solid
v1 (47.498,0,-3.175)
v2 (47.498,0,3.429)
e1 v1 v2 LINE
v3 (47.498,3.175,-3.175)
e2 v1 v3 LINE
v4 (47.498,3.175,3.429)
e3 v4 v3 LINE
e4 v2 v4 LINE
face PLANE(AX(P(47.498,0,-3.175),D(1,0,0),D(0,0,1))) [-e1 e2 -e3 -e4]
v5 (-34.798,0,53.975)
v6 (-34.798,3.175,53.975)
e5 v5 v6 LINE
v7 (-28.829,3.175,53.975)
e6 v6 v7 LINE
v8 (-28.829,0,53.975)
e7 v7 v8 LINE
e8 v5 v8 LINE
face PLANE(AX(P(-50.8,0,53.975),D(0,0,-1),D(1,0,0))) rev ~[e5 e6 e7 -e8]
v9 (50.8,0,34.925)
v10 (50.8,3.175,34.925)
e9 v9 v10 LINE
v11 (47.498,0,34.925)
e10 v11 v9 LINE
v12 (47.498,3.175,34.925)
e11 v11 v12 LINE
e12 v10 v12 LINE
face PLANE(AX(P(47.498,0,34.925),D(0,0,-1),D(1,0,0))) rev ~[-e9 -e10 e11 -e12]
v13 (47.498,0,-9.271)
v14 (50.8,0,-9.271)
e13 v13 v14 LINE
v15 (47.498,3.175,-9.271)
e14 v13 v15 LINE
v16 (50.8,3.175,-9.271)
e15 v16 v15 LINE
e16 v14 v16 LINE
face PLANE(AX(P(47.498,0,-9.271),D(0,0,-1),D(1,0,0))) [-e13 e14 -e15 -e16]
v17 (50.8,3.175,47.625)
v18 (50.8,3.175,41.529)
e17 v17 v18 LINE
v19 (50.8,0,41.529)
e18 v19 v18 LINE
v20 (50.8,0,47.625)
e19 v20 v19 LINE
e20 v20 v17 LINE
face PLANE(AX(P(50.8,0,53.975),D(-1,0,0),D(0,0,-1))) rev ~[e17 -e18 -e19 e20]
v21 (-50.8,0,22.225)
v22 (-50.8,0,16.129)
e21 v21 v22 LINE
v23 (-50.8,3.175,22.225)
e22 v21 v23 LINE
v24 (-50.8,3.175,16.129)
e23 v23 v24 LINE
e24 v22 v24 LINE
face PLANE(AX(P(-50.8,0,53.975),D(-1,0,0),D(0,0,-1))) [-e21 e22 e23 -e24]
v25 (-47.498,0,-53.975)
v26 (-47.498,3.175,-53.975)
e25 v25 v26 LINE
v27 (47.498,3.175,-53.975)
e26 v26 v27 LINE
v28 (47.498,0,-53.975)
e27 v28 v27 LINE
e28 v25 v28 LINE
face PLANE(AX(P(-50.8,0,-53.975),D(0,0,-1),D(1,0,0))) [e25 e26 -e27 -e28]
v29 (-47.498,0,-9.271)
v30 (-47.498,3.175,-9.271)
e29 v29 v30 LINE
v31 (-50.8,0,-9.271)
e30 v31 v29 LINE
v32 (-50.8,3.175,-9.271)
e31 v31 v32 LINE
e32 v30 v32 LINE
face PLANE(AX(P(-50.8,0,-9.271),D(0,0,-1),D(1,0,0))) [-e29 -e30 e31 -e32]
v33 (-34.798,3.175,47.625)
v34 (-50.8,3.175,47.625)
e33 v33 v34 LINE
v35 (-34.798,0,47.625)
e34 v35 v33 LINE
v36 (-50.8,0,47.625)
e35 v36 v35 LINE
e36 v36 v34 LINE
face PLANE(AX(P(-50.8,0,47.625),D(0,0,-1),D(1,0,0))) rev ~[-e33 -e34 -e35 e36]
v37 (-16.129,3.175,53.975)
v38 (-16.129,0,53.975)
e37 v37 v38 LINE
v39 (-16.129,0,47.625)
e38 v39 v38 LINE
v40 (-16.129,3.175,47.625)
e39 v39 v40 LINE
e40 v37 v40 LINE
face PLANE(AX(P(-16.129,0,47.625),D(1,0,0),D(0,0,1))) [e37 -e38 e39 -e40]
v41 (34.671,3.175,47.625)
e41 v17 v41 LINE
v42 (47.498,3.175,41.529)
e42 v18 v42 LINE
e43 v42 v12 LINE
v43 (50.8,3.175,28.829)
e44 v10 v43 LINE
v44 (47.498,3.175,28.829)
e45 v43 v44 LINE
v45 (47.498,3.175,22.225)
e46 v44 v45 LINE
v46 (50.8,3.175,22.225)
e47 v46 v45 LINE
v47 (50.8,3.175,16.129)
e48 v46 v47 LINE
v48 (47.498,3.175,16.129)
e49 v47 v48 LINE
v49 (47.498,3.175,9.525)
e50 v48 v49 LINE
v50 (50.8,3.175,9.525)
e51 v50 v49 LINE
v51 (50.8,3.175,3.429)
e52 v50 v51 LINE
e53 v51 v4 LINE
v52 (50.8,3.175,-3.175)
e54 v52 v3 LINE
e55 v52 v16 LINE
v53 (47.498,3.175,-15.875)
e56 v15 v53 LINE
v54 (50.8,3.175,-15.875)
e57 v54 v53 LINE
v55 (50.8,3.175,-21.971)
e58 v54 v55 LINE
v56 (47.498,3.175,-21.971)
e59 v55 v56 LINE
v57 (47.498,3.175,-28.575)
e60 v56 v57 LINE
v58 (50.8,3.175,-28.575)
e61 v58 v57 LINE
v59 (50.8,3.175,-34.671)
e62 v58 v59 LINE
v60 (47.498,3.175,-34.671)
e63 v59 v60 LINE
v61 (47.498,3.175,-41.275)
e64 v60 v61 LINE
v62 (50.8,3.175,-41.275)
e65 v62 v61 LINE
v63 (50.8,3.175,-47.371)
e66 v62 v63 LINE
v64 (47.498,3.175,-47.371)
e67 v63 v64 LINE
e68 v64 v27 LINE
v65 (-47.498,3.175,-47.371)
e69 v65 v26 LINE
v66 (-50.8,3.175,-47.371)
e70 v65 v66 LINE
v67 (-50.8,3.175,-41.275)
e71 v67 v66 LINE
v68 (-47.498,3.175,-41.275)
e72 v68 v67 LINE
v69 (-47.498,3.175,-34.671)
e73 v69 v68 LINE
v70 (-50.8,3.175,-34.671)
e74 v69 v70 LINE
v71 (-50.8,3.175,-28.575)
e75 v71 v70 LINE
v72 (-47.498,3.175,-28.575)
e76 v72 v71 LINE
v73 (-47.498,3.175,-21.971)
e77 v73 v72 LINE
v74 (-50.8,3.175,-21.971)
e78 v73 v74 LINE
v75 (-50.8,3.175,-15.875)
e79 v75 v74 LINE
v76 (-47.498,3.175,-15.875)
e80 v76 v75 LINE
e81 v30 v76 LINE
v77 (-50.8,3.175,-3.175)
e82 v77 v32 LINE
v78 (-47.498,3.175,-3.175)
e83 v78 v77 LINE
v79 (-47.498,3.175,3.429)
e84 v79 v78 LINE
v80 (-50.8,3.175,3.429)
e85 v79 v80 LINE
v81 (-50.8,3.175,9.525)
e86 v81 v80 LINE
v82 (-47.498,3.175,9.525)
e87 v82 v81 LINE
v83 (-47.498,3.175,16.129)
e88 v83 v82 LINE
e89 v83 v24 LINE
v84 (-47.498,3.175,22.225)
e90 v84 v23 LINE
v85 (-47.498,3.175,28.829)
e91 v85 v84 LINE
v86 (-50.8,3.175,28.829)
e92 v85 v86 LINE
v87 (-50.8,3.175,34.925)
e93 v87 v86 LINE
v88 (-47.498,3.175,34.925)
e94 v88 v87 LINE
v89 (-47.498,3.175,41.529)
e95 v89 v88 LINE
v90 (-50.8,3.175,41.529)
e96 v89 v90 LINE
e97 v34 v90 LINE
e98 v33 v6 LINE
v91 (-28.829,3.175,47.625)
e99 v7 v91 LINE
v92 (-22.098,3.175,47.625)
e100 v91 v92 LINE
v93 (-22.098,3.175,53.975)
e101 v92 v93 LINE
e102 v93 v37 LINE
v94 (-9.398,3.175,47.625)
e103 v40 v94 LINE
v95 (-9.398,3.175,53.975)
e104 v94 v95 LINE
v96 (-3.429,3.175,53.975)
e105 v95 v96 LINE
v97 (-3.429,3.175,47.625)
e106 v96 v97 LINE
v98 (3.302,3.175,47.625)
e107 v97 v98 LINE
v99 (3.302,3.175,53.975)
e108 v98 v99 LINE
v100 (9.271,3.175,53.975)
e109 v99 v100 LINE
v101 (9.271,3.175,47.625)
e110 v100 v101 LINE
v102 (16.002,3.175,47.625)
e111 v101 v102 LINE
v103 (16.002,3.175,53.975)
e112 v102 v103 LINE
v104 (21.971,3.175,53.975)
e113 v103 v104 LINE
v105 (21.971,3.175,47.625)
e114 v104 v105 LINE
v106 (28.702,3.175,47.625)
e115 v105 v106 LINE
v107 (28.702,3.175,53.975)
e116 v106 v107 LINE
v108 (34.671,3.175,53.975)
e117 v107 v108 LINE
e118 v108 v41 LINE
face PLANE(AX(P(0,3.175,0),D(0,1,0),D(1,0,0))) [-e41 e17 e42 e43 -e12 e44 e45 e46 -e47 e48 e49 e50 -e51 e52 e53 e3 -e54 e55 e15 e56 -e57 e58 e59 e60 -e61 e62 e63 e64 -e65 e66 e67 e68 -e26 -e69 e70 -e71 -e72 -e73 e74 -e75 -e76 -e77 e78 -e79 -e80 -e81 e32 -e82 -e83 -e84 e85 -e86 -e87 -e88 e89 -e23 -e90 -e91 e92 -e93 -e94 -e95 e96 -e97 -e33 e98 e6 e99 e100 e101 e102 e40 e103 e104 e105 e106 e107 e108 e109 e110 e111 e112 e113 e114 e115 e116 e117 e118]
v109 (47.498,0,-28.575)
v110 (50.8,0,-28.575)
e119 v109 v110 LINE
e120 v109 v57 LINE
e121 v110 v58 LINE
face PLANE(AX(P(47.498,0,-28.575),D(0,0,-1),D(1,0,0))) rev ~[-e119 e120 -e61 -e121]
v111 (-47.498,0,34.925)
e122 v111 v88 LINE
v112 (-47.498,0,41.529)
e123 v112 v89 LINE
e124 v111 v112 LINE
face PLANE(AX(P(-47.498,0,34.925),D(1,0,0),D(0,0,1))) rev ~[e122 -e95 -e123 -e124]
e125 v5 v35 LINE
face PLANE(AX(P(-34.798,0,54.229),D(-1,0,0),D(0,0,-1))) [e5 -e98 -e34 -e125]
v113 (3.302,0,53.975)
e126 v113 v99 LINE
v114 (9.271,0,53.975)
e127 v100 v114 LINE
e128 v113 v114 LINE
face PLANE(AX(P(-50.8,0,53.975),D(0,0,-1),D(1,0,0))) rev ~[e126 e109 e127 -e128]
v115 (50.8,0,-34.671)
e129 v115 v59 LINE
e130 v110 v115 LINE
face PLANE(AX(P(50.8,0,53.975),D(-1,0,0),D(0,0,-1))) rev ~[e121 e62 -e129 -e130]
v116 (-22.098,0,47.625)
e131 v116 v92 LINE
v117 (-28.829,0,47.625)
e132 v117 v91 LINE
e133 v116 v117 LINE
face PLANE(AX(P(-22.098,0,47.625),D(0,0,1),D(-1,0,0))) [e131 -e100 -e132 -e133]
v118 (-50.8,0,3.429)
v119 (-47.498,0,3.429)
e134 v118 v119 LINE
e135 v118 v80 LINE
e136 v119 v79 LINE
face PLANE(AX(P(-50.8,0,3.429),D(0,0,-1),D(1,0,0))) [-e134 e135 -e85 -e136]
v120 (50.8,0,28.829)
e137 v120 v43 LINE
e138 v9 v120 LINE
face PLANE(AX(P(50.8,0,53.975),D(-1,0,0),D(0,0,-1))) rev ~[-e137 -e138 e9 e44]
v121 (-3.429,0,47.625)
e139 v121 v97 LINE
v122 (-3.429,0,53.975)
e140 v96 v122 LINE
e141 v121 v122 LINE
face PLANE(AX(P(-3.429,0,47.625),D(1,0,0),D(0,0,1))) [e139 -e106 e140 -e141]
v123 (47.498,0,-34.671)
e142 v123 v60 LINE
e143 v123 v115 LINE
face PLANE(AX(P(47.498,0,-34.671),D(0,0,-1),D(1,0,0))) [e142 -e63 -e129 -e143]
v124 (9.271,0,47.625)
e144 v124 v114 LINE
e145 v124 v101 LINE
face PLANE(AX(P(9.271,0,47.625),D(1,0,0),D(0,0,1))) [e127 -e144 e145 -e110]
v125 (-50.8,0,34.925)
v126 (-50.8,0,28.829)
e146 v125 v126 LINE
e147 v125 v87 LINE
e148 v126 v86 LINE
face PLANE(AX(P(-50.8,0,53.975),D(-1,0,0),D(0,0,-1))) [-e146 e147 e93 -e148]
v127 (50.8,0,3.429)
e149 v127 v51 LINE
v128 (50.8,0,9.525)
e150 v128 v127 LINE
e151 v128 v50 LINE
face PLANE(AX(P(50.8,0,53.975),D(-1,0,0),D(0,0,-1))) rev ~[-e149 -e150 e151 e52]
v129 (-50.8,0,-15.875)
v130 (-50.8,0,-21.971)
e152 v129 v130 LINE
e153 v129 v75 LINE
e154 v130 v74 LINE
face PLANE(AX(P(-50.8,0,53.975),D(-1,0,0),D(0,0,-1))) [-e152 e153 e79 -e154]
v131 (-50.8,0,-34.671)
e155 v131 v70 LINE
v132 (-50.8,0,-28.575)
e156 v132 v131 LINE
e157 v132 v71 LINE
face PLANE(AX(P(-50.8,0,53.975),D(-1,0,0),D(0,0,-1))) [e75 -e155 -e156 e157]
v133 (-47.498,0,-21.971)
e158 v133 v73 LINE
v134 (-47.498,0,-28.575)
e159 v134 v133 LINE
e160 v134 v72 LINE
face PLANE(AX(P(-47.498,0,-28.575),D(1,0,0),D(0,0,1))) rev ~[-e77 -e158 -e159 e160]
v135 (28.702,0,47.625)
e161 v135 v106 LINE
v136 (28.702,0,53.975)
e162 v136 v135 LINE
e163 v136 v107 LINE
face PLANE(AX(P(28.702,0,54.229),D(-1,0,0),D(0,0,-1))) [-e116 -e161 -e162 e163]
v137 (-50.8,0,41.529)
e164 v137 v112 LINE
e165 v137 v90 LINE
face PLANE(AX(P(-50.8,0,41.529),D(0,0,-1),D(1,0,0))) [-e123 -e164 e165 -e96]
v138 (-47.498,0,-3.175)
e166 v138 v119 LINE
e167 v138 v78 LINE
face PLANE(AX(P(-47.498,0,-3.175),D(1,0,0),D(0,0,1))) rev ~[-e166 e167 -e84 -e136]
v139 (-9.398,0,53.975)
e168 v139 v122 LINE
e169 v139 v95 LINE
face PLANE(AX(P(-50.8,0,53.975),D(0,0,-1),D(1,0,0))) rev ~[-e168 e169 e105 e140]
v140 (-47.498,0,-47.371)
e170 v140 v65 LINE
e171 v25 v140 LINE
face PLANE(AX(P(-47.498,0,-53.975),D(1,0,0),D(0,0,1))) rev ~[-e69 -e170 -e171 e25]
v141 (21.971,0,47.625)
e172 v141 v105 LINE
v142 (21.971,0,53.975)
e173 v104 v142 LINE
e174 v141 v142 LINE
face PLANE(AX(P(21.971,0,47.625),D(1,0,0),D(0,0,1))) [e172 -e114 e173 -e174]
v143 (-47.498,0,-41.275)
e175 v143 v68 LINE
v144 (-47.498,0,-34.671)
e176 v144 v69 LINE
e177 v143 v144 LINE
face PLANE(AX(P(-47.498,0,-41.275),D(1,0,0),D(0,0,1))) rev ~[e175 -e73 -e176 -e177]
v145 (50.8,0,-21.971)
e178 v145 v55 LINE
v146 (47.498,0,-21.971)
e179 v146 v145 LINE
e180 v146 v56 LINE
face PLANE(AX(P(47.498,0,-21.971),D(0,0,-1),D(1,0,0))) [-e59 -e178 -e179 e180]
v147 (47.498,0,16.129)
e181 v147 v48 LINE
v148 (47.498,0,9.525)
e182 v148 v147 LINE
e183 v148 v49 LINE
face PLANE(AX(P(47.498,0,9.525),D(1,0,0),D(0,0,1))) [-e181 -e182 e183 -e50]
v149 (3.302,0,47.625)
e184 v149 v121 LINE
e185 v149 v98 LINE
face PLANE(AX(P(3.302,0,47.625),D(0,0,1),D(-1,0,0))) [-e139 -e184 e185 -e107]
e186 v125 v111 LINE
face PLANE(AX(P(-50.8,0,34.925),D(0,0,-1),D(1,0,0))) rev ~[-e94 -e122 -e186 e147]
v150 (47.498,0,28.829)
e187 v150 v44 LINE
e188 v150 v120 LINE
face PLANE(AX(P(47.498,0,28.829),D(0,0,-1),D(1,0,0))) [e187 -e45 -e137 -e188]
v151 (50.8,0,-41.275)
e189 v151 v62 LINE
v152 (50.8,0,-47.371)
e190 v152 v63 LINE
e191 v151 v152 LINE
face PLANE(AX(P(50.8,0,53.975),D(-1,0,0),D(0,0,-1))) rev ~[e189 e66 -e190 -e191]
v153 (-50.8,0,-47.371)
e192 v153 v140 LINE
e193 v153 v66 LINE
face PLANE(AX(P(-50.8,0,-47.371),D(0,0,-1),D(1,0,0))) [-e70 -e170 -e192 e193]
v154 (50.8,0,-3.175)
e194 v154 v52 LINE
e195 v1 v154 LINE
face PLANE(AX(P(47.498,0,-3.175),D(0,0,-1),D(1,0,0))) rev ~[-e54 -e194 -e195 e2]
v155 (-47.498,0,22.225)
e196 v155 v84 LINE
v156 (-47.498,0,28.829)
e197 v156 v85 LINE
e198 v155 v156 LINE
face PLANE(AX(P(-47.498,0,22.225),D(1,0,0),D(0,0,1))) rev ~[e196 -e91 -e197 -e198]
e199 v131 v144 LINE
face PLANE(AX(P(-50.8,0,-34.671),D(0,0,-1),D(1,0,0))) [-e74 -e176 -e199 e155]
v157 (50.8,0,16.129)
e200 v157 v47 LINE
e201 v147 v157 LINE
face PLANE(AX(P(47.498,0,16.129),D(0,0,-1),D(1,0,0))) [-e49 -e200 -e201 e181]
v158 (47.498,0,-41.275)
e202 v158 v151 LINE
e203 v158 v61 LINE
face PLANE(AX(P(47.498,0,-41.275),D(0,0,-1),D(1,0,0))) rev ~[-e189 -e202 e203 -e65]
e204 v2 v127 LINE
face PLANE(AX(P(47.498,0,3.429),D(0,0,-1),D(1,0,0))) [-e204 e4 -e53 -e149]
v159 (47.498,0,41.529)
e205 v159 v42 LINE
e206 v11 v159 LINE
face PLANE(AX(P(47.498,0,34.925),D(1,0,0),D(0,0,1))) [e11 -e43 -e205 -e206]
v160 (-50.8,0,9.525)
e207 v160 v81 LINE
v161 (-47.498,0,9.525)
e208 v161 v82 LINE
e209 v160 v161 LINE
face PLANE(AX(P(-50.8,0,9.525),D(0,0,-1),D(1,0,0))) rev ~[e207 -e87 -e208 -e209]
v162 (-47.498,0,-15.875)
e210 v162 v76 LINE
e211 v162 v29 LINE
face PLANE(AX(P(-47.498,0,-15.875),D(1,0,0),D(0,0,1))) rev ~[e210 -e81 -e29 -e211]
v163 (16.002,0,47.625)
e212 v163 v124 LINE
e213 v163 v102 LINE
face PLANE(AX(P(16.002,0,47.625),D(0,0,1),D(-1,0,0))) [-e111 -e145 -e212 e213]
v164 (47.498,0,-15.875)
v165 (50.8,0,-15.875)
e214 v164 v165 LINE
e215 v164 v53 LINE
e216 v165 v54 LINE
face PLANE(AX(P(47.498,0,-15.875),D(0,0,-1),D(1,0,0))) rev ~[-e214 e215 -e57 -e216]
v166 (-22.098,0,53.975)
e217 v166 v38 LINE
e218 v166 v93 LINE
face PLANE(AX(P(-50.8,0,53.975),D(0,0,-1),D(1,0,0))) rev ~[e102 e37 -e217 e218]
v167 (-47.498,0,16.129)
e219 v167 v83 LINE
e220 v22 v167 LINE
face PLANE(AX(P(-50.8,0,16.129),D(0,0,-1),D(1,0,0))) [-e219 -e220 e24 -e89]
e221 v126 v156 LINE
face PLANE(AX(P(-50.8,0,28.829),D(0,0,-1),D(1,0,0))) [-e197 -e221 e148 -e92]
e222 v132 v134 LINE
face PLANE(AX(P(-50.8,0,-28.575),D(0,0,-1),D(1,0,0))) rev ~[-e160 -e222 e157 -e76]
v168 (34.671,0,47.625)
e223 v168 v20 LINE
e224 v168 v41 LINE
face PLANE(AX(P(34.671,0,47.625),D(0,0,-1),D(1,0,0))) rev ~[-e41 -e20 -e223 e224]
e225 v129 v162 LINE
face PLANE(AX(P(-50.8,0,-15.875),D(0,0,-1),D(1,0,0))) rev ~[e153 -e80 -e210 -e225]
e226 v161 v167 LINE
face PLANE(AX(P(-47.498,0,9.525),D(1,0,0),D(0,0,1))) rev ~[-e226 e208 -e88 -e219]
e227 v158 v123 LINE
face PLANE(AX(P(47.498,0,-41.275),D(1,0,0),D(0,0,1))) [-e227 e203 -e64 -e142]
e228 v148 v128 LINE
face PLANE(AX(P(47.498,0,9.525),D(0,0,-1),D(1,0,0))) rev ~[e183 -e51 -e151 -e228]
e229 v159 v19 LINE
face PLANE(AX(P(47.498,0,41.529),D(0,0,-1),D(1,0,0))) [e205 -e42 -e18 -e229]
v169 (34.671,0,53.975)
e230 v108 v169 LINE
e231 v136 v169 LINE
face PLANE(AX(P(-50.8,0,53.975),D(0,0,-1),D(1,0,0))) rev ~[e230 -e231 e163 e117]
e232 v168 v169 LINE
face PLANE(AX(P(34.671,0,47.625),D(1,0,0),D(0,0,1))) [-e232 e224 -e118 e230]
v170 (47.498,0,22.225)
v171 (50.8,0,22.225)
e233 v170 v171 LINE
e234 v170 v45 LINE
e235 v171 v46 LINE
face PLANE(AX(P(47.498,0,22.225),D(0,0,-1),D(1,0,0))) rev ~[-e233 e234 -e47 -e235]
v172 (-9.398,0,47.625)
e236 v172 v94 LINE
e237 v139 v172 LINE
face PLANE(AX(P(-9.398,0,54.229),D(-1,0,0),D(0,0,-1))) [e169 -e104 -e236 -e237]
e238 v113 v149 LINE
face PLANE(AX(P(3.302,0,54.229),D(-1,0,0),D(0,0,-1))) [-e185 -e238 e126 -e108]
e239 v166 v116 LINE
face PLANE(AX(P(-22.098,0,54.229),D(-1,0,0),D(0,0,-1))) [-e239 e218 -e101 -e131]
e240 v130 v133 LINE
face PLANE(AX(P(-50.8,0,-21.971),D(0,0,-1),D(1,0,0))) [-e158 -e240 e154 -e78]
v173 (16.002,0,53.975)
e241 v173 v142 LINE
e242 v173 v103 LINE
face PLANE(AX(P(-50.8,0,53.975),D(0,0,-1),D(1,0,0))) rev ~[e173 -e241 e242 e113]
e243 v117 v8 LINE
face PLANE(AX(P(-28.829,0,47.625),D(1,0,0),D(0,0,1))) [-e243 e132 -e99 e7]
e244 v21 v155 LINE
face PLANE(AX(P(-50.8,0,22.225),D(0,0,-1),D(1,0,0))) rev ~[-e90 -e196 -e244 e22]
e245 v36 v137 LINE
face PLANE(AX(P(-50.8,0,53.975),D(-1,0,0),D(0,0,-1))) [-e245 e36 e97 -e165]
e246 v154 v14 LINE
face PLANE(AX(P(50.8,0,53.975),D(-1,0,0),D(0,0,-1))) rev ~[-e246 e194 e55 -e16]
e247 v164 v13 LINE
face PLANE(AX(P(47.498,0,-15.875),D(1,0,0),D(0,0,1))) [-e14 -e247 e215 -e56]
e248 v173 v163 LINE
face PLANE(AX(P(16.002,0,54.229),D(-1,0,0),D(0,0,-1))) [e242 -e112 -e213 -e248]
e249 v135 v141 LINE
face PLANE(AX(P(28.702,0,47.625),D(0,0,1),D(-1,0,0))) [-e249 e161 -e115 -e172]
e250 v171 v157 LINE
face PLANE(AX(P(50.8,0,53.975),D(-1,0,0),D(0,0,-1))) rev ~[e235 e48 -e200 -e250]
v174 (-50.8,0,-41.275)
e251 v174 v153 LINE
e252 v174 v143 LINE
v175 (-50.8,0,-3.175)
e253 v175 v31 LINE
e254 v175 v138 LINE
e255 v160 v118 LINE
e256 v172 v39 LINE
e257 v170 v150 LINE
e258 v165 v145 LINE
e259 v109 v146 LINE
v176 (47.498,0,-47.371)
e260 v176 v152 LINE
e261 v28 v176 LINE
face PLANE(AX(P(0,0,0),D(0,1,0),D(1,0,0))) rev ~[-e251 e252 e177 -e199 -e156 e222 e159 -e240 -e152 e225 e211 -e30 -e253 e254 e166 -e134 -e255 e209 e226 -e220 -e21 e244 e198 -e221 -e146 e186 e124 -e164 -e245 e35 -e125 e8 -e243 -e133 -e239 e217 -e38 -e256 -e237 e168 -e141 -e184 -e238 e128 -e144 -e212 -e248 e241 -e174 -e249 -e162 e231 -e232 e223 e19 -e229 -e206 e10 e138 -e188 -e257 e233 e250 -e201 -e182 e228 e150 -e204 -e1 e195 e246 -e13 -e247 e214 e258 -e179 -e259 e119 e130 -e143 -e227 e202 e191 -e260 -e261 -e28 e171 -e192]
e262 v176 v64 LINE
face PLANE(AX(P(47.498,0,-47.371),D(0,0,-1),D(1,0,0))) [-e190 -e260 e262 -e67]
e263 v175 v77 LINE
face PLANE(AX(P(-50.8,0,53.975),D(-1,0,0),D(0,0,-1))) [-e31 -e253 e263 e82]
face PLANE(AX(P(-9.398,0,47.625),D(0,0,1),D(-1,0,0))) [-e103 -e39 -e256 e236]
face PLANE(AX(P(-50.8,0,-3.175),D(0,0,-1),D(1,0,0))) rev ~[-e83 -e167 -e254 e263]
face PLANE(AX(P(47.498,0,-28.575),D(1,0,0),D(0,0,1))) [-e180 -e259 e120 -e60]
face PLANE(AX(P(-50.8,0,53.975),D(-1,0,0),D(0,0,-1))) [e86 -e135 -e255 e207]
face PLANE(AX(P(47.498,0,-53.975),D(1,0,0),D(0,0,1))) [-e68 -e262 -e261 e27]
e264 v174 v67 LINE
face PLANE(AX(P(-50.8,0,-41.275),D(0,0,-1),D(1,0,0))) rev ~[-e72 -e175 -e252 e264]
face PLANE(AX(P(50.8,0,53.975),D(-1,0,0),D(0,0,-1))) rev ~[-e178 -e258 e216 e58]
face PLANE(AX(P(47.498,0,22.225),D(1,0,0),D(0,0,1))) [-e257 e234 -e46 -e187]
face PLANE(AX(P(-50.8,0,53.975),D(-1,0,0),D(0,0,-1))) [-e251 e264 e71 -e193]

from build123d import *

# Parameters (mm, degrees)
SKETCH1_W           = 101.6
SKETCH1_H           = 107.95
BOSS_EXTRUDE1_DEPTH = 3.175
SKETCH2_W           = 3.302
SKETCH2_H           = 6.604
CUT_EXTRUDE1_DEPTH  = 75.189091179


with BuildPart() as part:
    # Sketch1 → Boss-Extrude1 (new body)
    with BuildSketch(Plane(origin=(0, 0, 0), x_dir=(1, 0, 0), z_dir=(0, 1, 0))):
        Rectangle(SKETCH1_W, SKETCH1_H)
    extrude(amount=BOSS_EXTRUDE1_DEPTH)

    # Sketch2 → Cut-Extrude1 (cut, through all)
    with BuildSketch(Plane.XZ):
        Polygon((-34.798, 47.625), (-47.498, 47.625), (-50.8, 47.625), (-50.8, 54.229), (-50.8, 63.03162391), (50.8, 63.03162391), (50.8, 54.229), (50.8, 47.625), (47.498, 47.625), (34.671, 47.625), (34.671, 54.229), (28.702, 54.229), (28.702, 47.625), (21.971, 47.625), (21.971, 54.229), (16.002, 54.229), (16.002, 47.625), (9.271, 47.625), (9.271, 54.229), (3.302, 54.229), (3.302, 47.625), (-3.429, 47.625), (-3.429, 54.229), (-9.398, 54.229), (-9.398, 47.625), (-16.129, 47.625), (-16.129, 54.229), (-22.098, 54.229), (-22.098, 47.625), (-28.829, 47.625), (-28.829, 54.229), (-34.798, 54.229), align=None)
        with Locations((49.149, 38.227)):
            Rectangle(SKETCH2_W, SKETCH2_H)
        with Locations((49.149, 25.527)):
            Rectangle(SKETCH2_W, SKETCH2_H)
        with Locations((49.149, 12.827)):
            Rectangle(SKETCH2_W, SKETCH2_H)
        with Locations((49.149, 0.127)):
            Rectangle(SKETCH2_W, SKETCH2_H)
        with Locations((49.149, -12.573)):
            Rectangle(SKETCH2_W, SKETCH2_H)
        with Locations((49.149, -25.273)):
            Rectangle(SKETCH2_W, SKETCH2_H)
        with Locations((49.149, -37.973)):
            Rectangle(SKETCH2_W, SKETCH2_H)
        with Locations((-49.149, -37.973)):
            Rectangle(SKETCH2_W, SKETCH2_H)
        with Locations((-49.149, -25.273)):
            Rectangle(SKETCH2_W, SKETCH2_H)
        with Locations((-49.149, -12.573)):
            Rectangle(SKETCH2_W, SKETCH2_H)
        with Locations((-49.149, 0.127)):
            Rectangle(SKETCH2_W, SKETCH2_H)
        with Locations((-49.149, 12.827)):
            Rectangle(SKETCH2_W, SKETCH2_H)
        with Locations((-49.149, 25.527)):
            Rectangle(SKETCH2_W, SKETCH2_H)
        with Locations((-49.149, 38.227)):
            Rectangle(SKETCH2_W, SKETCH2_H)
        with Locations((49.149, -50.673)):
            Rectangle(SKETCH2_W, SKETCH2_H)
        with Locations((-49.149, -50.673)):
            Rectangle(SKETCH2_W, SKETCH2_H)
    extrude(amount=-CUT_EXTRUDE1_DEPTH, mode=Mode.SUBTRACT)


solid = part.part
